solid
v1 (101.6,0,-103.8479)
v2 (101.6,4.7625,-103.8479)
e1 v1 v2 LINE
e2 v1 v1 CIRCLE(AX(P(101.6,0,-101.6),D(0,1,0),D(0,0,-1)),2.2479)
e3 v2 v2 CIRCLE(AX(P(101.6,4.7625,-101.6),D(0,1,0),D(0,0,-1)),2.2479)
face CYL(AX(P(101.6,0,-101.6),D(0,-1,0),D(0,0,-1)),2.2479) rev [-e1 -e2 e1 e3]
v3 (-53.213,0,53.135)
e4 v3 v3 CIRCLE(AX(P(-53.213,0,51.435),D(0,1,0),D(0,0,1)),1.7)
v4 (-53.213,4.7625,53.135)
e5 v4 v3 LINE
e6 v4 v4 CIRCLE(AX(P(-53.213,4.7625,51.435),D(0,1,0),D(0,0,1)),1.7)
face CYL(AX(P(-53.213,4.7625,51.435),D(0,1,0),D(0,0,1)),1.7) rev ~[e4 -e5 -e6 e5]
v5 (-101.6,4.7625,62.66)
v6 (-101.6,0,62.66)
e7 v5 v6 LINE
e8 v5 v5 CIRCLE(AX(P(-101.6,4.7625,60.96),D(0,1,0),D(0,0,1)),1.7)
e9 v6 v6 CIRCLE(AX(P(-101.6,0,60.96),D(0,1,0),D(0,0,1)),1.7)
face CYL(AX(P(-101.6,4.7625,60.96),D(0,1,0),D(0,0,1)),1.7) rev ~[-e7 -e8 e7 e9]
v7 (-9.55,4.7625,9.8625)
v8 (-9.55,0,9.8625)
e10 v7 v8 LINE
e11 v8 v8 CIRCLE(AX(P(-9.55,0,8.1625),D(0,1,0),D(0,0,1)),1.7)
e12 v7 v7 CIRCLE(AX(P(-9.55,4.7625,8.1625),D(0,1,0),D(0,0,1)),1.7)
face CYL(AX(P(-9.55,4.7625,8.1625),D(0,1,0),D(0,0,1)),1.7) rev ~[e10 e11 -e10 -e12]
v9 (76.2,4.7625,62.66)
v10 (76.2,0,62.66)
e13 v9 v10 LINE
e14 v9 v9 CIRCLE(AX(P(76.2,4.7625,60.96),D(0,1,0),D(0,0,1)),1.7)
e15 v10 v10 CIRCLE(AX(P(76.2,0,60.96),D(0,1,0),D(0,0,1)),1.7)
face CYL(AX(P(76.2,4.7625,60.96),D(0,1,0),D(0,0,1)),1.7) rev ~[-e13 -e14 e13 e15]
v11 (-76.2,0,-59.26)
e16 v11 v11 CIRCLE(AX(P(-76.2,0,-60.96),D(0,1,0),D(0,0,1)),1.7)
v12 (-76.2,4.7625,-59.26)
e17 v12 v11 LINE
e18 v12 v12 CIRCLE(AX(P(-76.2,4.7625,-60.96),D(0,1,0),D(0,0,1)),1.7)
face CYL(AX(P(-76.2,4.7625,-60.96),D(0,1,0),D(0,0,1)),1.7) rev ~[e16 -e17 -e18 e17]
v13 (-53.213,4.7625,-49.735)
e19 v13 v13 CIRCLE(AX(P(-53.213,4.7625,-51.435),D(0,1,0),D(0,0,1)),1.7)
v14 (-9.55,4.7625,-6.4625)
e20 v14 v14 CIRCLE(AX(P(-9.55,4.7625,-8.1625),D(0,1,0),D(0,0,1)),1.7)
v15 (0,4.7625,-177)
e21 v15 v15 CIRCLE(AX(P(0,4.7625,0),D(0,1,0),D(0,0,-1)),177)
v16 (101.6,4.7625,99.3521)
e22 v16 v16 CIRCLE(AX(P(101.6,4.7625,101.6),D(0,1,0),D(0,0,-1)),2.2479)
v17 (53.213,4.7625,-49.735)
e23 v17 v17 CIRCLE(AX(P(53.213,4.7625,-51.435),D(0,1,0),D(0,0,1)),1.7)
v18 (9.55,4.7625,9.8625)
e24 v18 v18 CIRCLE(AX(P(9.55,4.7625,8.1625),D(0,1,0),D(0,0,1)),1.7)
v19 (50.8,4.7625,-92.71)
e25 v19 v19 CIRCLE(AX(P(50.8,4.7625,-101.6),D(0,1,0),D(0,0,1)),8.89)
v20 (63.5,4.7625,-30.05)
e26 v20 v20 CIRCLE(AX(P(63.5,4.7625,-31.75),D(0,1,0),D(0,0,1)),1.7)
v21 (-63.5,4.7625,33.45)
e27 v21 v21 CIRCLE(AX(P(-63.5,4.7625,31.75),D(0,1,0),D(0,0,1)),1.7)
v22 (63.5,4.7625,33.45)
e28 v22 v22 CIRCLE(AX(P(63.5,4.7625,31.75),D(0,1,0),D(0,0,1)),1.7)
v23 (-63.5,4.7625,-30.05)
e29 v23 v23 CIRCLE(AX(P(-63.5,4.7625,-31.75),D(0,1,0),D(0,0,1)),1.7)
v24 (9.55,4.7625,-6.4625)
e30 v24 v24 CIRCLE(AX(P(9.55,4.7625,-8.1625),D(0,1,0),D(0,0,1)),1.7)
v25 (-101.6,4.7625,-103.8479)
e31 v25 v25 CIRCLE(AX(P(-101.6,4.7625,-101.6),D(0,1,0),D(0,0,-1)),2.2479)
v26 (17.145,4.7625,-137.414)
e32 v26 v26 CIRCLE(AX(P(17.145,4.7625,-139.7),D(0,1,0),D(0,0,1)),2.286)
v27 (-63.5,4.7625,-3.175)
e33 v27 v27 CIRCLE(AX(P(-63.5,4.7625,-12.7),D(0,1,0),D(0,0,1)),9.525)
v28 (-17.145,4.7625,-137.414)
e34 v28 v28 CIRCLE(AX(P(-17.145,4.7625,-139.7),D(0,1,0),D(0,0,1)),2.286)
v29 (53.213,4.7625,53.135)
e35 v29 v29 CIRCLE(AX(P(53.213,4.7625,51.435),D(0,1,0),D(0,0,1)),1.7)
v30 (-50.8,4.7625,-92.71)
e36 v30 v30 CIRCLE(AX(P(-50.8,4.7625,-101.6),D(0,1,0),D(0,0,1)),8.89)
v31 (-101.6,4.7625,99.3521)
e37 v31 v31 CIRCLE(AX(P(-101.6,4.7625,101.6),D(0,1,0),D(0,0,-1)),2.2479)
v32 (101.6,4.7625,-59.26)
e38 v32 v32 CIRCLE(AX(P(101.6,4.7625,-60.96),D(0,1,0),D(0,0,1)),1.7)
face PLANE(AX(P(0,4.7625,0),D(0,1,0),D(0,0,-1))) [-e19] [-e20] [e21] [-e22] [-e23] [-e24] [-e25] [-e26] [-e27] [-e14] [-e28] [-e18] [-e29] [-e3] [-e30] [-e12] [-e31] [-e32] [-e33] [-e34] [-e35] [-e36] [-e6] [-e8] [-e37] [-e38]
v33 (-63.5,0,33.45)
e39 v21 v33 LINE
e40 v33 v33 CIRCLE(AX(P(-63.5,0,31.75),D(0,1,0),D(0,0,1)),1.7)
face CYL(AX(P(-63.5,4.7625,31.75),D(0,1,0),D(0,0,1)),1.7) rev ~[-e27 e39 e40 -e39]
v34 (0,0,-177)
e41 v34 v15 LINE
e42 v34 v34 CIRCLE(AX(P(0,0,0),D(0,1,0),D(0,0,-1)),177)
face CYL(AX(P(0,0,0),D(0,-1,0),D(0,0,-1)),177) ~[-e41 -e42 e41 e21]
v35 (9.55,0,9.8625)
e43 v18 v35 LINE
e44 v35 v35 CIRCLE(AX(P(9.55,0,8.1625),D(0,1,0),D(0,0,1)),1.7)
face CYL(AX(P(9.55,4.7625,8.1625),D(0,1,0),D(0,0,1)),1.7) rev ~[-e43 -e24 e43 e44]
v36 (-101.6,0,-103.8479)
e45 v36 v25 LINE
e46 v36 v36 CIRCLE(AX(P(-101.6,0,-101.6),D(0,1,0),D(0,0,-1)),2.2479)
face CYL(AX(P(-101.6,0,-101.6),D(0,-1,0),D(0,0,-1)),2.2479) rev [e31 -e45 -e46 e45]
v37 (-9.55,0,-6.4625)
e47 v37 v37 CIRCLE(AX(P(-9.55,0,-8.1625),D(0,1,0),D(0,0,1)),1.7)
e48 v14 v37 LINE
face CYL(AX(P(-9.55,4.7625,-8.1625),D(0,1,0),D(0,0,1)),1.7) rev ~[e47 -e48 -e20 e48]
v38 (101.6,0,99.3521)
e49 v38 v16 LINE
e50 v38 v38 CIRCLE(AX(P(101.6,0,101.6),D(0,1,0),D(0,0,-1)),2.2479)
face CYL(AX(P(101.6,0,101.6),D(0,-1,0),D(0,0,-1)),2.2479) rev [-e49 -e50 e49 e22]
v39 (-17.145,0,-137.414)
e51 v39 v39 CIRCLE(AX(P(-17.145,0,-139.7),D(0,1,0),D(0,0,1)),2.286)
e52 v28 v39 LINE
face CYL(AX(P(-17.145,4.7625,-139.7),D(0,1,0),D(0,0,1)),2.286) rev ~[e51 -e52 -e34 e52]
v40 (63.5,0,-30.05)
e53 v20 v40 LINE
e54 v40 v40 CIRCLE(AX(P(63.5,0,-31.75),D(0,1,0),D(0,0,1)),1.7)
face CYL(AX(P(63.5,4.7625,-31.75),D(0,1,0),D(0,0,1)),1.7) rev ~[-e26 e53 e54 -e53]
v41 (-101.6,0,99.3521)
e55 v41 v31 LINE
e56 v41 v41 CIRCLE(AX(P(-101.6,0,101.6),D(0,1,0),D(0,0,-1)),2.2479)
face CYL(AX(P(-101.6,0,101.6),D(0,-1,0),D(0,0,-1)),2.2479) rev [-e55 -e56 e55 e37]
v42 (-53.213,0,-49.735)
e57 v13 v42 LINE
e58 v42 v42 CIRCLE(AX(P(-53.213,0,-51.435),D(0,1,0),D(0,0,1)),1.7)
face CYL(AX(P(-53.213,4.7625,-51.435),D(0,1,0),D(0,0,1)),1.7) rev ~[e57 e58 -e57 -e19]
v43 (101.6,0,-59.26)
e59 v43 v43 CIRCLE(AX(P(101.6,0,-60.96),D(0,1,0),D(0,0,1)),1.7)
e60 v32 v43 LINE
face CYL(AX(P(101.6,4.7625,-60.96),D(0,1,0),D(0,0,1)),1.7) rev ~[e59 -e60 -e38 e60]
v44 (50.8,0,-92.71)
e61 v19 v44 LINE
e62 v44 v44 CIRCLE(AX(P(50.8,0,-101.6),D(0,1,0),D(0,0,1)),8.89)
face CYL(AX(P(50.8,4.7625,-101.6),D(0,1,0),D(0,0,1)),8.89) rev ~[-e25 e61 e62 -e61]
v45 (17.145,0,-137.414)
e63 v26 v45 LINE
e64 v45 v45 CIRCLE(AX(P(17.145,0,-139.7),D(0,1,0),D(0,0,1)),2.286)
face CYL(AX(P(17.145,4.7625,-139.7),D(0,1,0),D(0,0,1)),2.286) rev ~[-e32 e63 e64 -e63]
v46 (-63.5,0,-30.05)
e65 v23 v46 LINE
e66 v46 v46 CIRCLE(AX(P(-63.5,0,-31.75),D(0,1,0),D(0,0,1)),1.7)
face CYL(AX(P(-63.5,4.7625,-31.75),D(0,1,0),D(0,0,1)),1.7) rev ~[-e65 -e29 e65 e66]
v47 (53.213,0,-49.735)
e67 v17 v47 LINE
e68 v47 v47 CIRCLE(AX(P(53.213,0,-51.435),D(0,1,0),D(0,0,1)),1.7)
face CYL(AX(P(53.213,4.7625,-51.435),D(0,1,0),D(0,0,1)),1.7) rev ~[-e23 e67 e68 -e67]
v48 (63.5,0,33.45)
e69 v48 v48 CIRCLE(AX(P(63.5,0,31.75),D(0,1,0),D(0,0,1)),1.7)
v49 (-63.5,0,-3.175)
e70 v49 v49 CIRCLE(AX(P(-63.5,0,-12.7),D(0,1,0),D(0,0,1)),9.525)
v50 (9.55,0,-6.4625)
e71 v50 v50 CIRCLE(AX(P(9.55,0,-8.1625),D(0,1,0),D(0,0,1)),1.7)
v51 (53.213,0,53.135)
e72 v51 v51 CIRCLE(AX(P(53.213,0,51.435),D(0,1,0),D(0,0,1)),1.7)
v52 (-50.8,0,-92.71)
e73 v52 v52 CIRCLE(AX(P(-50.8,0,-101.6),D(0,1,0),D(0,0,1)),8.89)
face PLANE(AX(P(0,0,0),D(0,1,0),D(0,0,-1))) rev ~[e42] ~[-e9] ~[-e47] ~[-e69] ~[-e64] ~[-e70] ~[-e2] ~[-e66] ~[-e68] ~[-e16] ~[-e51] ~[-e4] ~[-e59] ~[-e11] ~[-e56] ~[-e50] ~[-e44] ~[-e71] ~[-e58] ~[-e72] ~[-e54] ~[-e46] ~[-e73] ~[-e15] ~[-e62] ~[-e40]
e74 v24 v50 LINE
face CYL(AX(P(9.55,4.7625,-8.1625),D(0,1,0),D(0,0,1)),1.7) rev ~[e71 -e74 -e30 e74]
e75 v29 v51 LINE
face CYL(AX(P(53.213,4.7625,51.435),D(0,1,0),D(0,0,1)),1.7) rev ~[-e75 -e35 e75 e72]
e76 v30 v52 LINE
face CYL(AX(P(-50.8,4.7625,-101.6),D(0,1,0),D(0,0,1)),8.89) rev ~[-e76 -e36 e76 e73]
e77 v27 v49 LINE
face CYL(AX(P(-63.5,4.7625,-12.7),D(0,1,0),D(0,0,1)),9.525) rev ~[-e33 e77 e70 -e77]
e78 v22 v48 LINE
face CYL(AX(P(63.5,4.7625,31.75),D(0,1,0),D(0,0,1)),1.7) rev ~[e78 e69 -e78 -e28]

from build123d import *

# Parameters (mm, degrees)
SKETCH1_R            = 177
SKETCH1_R_2          = 2.2479
BOSS_EXTRUDE1_DEPTH  = 4.7625
SKETCH2_R            = 1.7
JETSONHOLES_DEPTH    = 251.361102023
SKETCH3_R            = 9.525
UART_WIRE_HOLE_DEPTH = 4.7625
SKETCH4_R            = 2.286
CAMERA_HOLE_DEPTH    = 4.7625
SKETCH5_R            = 1.7
STANDOFFHOLES_DEPTH  = 251.361102023
SKETCH6_R            = 1.7
SKETCH6_R_2          = 8.89
NIMH_HOLES_DEPTH     = 251.361102023
SKETCH7_R            = 1.7
IMU_HOLES_DEPTH      = 251.361102023


with BuildPart() as part:
    # Sketch1 → Boss-Extrude1 (new body)
    with BuildSketch(Plane(origin=(0, 0, 0), x_dir=(1, 0, 0), z_dir=(0, 1, 0))):
        with Locations(Location((0, 0, 0), (0, 0, 90))):
            Circle(SKETCH1_R)
        with Locations(Location((-101.6, -101.6, 0), (0, 0, 90))):
            Circle(SKETCH1_R_2, mode=Mode.SUBTRACT)
        with Locations(Location((-101.6, 101.6, 0), (0, 0, 90))):
            Circle(SKETCH1_R_2, mode=Mode.SUBTRACT)
        with Locations(Location((101.6, 101.6, 0), (0, 0, 90))):
            Circle(SKETCH1_R_2, mode=Mode.SUBTRACT)
        with Locations(Location((101.6, -101.6, 0), (0, 0, 90))):
            Circle(SKETCH1_R_2, mode=Mode.SUBTRACT)
    extrude(amount=BOSS_EXTRUDE1_DEPTH)

    # Sketch2 → JetsonHoles (cut, through all)
    with BuildSketch(Plane(origin=(0, 4.7625, 0), x_dir=(1, 0, 0), z_dir=(0, 1, 0))):
        with Locations(Location((-53.213, 51.435, 0), (0, 0, 270))):
            Circle(SKETCH2_R)
        with Locations(Location((53.213, 51.435, 0), (0, 0, 270))):
            Circle(SKETCH2_R)
        with Locations(Location((-53.213, -51.435, 0), (0, 0, 270))):
            Circle(SKETCH2_R)
        with Locations(Location((53.213, -51.435, 0), (0, 0, 270))):
            Circle(SKETCH2_R)
    extrude(amount=-JETSONHOLES_DEPTH, mode=Mode.SUBTRACT)

    # Sketch3 → UART-Wire-Hole (cut)
    with BuildSketch(Plane(origin=(0, 4.7625, 0), x_dir=(1, 0, 0), z_dir=(0, 1, 0))):
        with Locations(Location((-63.5, 12.7, 0), (0, 0, 270))):
            Circle(SKETCH3_R)
    extrude(amount=-UART_WIRE_HOLE_DEPTH, mode=Mode.SUBTRACT)

    # Sketch4 → Camera-Hole (cut)
    with BuildSketch(Plane(origin=(0, 4.7625, 0), x_dir=(1, 0, 0), z_dir=(0, 1, 0))):
        with Locations(Location((-17.145, 139.7, 0), (0, 0, 270))):
            Circle(SKETCH4_R)
        with Locations(Location((17.145, 139.7, 0), (0, 0, 270))):
            Circle(SKETCH4_R)
    extrude(amount=-CAMERA_HOLE_DEPTH, mode=Mode.SUBTRACT)

    # Sketch5 → StandoffHoles (cut, through all)
    with BuildSketch(Plane(origin=(0, 4.7625, 0), x_dir=(1, 0, 0), z_dir=(0, 1, 0))):
        with Locations(Location((-63.5, -31.75, 0), (0, 0, 270))):
            Circle(SKETCH5_R)
        with Locations(Location((63.5, -31.75, 0), (0, 0, 270))):
            Circle(SKETCH5_R)
        with Locations(Location((63.5, 31.75, 0), (0, 0, 270))):
            Circle(SKETCH5_R)
        with Locations(Location((-63.5, 31.75, 0), (0, 0, 270))):
            Circle(SKETCH5_R)
    extrude(amount=-STANDOFFHOLES_DEPTH, mode=Mode.SUBTRACT)

    # Sketch6 → NiMH_Holes (cut, through all)
    with BuildSketch(Plane(origin=(0, 4.7625, 0), x_dir=(1, 0, 0), z_dir=(0, 1, 0))):
        with Locations(Location((101.6, 60.96, 0), (0, 0, 270))):
            Circle(SKETCH6_R)
        with Locations(Location((76.2, -60.96, 0), (0, 0, 270))):
            Circle(SKETCH6_R)
        with Locations(Location((-101.6, -60.96, 0), (0, 0, 270))):
            Circle(SKETCH6_R)
        with Locations(Location((-76.2, 60.96, 0), (0, 0, 270))):
            Circle(SKETCH6_R)
        with Locations(Location((-50.8, 101.6, 0), (0, 0, 270))):
            Circle(SKETCH6_R_2)
        with Locations(Location((50.8, 101.6, 0), (0, 0, 270))):
            Circle(SKETCH6_R_2)
    extrude(amount=-NIMH_HOLES_DEPTH, mode=Mode.SUBTRACT)

    # Sketch7 → IMU_Holes (cut, through all)
    with BuildSketch(Plane(origin=(0, 4.7625, 0), x_dir=(1, 0, 0), z_dir=(0, 1, 0))):
        with Locations(Location((-9.55000005, 8.162499942, 0), (0, 0, 270))):
            Circle(SKETCH7_R)
        with Locations(Location((9.54999995, 8.162499942, 0), (0, 0, 270))):
            Circle(SKETCH7_R)
        with Locations(Location((-9.55000005, -8.162500058, 0), (0, 0, 270))):
            Circle(SKETCH7_R)
        with Locations(Location((9.54999995, -8.162500058, 0), (0, 0, 270))):
            Circle(SKETCH7_R)
    extrude(amount=-IMU_HOLES_DEPTH, mode=Mode.SUBTRACT)


solid = part.part
